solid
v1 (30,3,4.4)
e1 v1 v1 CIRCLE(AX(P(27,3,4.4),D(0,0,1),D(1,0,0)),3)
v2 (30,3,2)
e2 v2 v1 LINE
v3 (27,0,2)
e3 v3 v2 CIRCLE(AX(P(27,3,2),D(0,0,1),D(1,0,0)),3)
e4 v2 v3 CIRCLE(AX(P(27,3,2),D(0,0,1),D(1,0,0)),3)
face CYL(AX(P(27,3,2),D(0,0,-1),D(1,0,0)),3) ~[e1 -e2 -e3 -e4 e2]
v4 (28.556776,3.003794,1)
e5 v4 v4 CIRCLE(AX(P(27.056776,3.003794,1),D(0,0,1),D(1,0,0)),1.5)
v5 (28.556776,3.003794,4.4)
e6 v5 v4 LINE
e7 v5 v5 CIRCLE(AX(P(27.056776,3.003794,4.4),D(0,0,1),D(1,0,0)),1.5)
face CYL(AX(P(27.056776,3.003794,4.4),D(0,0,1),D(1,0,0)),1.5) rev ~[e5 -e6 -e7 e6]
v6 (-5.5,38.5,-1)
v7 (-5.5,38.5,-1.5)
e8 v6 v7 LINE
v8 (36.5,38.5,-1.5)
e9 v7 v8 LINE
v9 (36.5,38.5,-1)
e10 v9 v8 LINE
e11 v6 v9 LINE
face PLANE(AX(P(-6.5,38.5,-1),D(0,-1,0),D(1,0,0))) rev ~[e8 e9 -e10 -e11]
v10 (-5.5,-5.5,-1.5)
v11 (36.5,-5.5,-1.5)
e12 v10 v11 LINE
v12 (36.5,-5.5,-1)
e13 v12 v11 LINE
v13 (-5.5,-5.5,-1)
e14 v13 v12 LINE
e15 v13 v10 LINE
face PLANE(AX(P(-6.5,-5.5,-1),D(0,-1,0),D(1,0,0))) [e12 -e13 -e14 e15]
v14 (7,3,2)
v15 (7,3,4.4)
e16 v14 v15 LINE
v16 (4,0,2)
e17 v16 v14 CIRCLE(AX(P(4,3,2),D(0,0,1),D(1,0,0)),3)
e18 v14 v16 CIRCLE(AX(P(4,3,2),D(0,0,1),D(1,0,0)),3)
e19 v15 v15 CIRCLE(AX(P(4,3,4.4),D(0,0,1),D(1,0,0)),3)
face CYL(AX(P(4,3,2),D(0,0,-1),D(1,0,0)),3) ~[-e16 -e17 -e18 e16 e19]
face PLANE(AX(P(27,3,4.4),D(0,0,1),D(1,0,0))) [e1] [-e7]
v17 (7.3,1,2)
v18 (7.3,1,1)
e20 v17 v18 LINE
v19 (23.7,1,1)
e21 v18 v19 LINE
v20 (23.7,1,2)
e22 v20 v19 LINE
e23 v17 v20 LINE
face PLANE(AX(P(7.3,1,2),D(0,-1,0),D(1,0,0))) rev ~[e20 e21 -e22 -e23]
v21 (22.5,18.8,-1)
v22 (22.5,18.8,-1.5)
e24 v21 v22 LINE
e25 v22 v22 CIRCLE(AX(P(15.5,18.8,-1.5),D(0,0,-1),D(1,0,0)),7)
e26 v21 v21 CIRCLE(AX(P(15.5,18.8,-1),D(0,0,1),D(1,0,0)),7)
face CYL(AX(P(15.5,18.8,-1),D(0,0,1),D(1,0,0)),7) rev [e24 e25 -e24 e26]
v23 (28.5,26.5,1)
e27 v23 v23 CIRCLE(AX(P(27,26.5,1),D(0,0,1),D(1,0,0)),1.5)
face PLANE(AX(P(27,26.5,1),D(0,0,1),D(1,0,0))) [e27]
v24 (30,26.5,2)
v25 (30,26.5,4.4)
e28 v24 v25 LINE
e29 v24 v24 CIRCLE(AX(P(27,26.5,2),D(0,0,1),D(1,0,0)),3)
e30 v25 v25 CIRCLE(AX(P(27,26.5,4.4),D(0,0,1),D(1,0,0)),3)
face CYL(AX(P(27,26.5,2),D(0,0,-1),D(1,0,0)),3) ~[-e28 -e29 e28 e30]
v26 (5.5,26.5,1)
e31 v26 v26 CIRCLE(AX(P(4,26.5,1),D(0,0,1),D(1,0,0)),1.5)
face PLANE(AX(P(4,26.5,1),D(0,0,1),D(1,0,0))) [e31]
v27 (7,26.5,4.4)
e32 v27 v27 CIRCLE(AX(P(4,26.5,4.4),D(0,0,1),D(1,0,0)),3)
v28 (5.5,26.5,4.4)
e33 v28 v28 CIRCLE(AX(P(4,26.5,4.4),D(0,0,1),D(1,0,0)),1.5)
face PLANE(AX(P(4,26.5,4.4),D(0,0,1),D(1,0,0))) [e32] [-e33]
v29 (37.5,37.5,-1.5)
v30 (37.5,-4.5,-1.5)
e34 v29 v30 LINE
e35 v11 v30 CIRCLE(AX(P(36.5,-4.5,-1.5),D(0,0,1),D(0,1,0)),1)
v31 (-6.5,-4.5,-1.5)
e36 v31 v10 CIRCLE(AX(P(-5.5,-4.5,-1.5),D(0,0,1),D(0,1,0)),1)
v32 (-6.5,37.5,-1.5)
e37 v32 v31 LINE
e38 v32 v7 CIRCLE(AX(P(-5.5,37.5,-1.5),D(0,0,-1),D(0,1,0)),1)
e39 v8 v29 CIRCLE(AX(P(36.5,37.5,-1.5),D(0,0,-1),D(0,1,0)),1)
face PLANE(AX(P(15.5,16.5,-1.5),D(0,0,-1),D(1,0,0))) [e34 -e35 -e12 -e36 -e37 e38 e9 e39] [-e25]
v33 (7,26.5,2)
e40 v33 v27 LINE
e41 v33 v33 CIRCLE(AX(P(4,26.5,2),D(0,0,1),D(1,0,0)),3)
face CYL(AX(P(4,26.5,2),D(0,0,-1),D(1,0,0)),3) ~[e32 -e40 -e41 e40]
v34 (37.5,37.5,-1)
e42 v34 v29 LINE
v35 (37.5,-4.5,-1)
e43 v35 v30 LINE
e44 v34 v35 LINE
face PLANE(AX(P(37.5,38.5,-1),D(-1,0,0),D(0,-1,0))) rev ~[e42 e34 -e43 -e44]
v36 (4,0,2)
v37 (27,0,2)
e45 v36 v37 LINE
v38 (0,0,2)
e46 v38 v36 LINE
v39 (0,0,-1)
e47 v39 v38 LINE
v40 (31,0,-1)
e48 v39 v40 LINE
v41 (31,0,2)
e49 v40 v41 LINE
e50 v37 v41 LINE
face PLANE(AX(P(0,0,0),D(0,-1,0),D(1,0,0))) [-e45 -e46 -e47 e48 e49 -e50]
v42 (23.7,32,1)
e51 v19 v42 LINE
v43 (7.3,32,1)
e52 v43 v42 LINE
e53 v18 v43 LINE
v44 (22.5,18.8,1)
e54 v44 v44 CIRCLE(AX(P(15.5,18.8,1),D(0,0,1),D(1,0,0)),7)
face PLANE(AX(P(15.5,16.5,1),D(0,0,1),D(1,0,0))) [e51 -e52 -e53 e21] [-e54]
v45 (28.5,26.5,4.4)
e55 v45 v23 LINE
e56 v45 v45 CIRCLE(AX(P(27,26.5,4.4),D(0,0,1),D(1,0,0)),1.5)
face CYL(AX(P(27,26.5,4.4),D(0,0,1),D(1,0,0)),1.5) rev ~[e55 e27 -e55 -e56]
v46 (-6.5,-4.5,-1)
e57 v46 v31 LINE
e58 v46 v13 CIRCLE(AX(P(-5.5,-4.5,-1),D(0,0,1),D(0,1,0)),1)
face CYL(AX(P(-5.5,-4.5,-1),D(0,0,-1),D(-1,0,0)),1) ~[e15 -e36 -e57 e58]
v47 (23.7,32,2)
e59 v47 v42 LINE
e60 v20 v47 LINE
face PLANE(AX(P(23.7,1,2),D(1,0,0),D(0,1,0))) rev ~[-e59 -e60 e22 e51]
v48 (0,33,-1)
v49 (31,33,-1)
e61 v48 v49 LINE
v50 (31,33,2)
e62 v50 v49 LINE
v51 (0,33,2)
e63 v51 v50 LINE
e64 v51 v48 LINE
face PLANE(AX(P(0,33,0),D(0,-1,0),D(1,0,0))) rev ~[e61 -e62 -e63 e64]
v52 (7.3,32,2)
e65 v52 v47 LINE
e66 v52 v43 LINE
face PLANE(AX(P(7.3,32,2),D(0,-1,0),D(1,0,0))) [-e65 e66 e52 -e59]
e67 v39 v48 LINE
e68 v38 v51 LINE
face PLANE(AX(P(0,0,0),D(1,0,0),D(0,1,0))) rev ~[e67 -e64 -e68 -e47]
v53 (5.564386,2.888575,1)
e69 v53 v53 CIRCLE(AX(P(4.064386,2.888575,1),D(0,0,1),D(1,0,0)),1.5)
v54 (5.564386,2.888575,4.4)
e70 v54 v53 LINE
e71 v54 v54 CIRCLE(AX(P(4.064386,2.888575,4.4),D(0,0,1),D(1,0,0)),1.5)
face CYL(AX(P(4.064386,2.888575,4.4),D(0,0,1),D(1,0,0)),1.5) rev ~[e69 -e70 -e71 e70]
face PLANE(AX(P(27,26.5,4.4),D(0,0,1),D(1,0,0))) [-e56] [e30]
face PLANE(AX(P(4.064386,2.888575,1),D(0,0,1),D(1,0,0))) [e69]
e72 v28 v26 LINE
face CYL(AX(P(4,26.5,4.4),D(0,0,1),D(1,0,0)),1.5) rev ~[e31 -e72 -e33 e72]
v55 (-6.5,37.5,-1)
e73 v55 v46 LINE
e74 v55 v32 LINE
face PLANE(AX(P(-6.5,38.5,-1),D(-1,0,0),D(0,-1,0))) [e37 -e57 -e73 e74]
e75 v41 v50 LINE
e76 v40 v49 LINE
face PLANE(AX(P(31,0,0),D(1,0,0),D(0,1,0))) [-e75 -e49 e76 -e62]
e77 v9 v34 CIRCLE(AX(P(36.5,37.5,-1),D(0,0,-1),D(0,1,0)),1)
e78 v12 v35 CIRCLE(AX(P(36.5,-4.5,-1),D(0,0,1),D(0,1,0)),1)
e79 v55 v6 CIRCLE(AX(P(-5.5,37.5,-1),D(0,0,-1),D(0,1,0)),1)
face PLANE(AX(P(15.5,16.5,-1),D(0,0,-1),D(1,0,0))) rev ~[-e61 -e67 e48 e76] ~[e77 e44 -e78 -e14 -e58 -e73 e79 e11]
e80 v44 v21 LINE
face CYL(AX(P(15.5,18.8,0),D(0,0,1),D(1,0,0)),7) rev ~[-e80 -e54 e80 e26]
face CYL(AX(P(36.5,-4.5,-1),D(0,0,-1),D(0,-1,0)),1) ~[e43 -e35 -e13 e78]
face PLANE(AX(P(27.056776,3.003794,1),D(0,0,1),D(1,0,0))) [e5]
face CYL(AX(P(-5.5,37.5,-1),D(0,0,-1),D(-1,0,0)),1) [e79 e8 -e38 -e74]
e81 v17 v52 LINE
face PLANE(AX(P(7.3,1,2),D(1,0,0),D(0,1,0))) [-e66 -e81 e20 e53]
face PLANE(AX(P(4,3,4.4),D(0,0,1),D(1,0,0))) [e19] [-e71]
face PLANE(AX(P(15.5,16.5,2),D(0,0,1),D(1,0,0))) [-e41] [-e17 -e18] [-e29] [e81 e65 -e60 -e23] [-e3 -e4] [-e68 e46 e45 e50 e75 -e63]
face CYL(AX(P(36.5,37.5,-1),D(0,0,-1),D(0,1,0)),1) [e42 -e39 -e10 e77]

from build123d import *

# Parameters (mm, degrees)
F0_W      = 31
F0_H      = 33
F1_DEPTH  = 2
F2_R      = 3
F3_DEPTH  = 2.4
F4_W      = 16.4
F4_H      = 31
F5_DEPTH  = 1
F6_R      = 1.5
F7_DEPTH  = 3.4
F8_R      = 1.5
F9_DEPTH  = 3.4
F10_R     = 7
F11_DEPTH = 25
F12_DEPTH = 1
F13_W     = 44
F13_H     = 44
F13_W_2   = 31
F13_H_2   = 33
F13_R     = 7
F14_DEPTH = 0.5
F15_R     = 1


with BuildPart() as f1:
    # F0 (on Top) → F1 (new body)
    with BuildSketch(Plane.XY):
        with Locations((15.5, 16.5)):
            Rectangle(F0_W, F0_H)
    extrude(amount=F1_DEPTH)

    # F2 (on face) → F3 (join)
    with BuildSketch(Plane.XY.offset(2)):
        with Locations((4, 3)):
            Circle(F2_R)
        with Locations((4, 26.5)):
            Circle(F2_R)
        with Locations((27, 26.5)):
            Circle(F2_R)
        with Locations((27, 3)):
            Circle(F2_R)
    extrude(amount=F3_DEPTH)

    # F4 (on face) → F5 (cut)
    with BuildSketch(Plane.XY.offset(2)):
        with Locations((15.5, 16.5)):
            Rectangle(F4_W, F4_H)
    extrude(amount=-F5_DEPTH, mode=Mode.SUBTRACT)

    # F6 (on face) → F7 (cut)
    with BuildSketch(Plane.XY.offset(4.4)):
        with Locations((27, 26.5)):
            Circle(F6_R)
    extrude(amount=-F7_DEPTH, mode=Mode.SUBTRACT)

    # F8 (on face) → F9 (cut)
    with BuildSketch(Plane.XY.offset(4.4)):
        with Locations((4, 26.5)):
            Circle(F8_R)
        with Locations((4.0643862449, 2.8885749634)):
            Circle(F8_R)
        with Locations((27.0567759871, 3.0037942342)):
            Circle(F8_R)
    extrude(amount=-F9_DEPTH, mode=Mode.SUBTRACT)

    # F10 (on face) → F11 (cut)
    with BuildSketch(Plane.XY.offset(1)):
        with Locations((15.5, 18.8)):
            Circle(F10_R)
    extrude(amount=-F11_DEPTH, mode=Mode.SUBTRACT)

    # F12 (add): a face of the model
    f12_faces = [f1.faces().sort_by_distance(p)[0] for p in [
        (0.4527692569, 16.5, 0),
    ]]
    extrude(f12_faces, amount=F12_DEPTH)

    # F13 (on face) → F14 (join)
    with BuildSketch(Plane(origin=(0, 0, -1), x_dir=(1, 0, 0), z_dir=(0, 0, -1))):
        with Locations((15.5, -16.5)):
            Rectangle(F13_W, F13_H)
        with Locations((15.5, -16.5)):
            Rectangle(F13_W_2, F13_H_2, mode=Mode.SUBTRACT)
        with Locations((15.5, -16.5)):
            Rectangle(F13_W_2, F13_H_2)
        with Locations((15.5, -18.8)):
            Circle(F13_R, mode=Mode.SUBTRACT)
    extrude(amount=F14_DEPTH)

    # F15
    f15_edges = [f1.edges().sort_by_distance(p)[0] for p in [
        (-6.5, -5.5, -1.25),
        (37.5, -5.5, -1.25),
        (37.5, 38.5, -1.25),
        (-6.5, 38.5, -1.25),
    ]]
    fillet(f15_edges, radius=F15_R)


solid = f1.part
